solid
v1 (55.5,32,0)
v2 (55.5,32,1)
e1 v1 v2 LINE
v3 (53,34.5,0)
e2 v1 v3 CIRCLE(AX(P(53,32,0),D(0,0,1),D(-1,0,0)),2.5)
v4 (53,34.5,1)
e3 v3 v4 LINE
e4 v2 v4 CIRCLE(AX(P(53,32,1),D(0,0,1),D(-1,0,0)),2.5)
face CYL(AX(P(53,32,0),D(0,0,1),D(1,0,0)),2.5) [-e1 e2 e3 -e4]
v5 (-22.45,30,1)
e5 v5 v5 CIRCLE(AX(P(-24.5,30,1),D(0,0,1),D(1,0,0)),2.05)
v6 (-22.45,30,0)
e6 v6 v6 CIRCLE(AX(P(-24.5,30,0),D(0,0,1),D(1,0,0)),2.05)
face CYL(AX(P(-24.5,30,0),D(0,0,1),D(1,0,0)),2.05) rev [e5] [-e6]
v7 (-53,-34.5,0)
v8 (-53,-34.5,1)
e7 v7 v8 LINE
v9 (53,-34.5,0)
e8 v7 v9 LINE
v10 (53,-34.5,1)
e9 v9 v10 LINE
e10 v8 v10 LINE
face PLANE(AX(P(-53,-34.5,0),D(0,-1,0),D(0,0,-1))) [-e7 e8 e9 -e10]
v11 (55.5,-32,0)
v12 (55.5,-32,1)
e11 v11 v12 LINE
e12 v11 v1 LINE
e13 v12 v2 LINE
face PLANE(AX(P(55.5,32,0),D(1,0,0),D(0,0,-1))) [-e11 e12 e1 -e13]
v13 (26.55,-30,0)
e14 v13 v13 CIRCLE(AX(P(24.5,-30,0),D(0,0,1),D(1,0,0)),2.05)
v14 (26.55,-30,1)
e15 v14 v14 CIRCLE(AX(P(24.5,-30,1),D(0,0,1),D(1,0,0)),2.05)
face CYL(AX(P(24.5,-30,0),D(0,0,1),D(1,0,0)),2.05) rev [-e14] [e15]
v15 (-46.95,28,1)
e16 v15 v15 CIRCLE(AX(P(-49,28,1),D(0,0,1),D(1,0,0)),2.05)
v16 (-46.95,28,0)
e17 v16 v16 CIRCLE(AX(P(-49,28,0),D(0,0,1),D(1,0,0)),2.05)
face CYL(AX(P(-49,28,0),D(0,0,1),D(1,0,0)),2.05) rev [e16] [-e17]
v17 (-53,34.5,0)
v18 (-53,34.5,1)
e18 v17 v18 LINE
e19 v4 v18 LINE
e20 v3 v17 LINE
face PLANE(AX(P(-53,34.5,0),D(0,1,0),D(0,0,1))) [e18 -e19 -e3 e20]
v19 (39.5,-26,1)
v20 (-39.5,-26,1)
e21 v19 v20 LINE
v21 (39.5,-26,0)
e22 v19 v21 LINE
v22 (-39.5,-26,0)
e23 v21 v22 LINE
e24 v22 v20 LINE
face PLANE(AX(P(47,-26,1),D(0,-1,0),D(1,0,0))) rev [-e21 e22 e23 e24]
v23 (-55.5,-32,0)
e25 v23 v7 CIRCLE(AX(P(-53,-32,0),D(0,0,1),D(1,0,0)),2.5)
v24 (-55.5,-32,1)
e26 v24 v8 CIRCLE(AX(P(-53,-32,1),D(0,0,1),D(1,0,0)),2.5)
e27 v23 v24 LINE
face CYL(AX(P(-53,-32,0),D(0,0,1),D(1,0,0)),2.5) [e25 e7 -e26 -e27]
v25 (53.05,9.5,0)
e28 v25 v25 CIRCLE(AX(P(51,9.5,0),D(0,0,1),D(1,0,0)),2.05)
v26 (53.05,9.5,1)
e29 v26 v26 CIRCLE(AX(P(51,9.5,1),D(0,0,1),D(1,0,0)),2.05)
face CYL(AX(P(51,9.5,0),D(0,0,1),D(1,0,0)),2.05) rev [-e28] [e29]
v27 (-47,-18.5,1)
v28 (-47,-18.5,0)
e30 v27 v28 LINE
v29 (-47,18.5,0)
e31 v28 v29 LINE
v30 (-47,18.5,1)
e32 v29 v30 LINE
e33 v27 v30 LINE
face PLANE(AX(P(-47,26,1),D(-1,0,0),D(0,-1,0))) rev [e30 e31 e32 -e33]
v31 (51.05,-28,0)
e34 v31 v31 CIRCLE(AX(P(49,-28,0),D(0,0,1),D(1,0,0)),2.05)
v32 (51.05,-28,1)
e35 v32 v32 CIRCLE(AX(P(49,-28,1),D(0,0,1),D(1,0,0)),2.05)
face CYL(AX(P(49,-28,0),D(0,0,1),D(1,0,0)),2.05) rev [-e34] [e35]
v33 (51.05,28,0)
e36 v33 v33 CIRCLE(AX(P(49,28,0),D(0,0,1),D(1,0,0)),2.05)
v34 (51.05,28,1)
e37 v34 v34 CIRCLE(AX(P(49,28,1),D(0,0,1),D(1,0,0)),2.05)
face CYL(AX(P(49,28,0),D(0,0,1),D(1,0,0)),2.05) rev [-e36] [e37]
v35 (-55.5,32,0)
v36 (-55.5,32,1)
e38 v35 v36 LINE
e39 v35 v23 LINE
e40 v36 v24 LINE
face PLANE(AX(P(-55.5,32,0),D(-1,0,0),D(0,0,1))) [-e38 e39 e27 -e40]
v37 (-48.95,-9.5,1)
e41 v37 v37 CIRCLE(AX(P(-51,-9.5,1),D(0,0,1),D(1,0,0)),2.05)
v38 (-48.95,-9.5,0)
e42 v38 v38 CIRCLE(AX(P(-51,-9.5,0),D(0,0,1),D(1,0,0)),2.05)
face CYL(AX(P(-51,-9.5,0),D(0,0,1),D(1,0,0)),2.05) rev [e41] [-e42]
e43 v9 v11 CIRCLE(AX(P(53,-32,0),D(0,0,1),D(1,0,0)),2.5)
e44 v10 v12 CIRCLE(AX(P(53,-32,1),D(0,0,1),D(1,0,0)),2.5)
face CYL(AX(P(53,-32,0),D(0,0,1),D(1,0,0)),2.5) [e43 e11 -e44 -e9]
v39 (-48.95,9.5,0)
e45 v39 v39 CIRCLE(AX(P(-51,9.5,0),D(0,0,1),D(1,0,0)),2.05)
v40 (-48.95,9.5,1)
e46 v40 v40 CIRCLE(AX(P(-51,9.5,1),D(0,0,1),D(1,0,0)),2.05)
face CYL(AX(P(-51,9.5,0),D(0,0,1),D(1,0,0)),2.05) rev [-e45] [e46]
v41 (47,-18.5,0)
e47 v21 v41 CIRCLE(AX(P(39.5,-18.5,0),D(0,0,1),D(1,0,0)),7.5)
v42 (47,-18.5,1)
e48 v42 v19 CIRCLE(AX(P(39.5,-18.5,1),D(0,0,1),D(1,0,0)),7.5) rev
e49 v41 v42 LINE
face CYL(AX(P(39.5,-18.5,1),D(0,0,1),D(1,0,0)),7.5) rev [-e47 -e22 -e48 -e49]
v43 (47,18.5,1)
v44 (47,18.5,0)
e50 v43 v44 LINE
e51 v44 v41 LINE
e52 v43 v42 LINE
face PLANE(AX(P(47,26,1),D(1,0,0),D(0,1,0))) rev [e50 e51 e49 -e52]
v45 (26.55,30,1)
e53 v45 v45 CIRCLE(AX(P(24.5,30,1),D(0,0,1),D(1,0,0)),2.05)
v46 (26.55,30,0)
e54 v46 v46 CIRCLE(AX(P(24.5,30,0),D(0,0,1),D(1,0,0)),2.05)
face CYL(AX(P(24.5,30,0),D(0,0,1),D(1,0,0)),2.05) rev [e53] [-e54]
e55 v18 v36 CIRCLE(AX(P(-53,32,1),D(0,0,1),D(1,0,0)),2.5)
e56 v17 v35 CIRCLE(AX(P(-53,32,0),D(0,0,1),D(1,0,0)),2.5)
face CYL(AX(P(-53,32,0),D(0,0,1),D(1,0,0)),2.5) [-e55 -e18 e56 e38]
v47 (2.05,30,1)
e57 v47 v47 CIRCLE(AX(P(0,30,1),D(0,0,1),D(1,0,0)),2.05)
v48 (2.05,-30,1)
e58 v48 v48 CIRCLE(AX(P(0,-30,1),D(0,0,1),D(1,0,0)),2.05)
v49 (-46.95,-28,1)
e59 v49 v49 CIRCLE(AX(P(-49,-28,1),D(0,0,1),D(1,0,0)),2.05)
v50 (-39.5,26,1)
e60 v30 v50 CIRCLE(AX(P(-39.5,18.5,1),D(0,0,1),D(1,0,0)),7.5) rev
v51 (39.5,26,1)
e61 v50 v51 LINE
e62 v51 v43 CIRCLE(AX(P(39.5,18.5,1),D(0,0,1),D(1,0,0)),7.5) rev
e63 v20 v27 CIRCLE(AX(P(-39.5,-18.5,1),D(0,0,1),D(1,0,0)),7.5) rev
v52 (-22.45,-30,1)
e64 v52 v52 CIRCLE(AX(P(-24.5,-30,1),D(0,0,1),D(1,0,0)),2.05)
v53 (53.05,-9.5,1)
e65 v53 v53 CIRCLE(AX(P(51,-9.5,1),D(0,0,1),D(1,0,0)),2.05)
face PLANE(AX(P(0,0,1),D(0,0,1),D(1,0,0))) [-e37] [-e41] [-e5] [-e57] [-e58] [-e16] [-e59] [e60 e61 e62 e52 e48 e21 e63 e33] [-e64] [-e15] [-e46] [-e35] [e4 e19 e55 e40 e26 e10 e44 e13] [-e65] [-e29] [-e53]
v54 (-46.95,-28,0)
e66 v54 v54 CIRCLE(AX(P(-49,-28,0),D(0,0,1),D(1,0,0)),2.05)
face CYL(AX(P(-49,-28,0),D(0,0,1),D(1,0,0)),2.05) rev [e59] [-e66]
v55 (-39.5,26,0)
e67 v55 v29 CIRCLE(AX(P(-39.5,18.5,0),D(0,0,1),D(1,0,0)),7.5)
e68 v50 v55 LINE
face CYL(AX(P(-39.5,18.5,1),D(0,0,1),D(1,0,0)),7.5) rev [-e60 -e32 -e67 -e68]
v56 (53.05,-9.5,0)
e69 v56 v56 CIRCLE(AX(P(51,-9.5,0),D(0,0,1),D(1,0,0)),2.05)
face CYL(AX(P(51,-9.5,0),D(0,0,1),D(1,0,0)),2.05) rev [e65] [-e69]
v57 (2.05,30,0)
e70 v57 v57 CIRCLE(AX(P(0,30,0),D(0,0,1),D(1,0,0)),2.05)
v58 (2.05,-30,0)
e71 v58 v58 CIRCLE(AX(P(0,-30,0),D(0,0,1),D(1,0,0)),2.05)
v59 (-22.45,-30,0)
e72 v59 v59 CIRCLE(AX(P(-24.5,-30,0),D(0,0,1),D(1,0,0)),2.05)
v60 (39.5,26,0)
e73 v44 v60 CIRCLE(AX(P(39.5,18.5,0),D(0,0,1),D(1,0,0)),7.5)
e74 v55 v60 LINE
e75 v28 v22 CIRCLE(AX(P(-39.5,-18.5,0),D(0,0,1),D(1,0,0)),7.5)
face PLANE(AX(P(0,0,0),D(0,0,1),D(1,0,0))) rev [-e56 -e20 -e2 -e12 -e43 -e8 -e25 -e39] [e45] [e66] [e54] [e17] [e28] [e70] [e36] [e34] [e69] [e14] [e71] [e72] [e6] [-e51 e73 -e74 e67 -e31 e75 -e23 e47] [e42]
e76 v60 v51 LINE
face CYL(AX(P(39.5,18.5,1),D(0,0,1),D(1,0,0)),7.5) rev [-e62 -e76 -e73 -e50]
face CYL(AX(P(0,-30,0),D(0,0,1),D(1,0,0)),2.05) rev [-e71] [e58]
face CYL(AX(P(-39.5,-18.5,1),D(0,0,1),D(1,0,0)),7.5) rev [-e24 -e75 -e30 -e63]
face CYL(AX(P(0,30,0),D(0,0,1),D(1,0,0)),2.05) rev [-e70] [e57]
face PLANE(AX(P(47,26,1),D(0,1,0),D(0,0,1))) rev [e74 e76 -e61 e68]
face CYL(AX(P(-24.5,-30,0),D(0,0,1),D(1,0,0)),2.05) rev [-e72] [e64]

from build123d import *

# Parameters (mm, degrees)
SKETCH1_W           = 112
SKETCH1_H           = 70
BOSS_EXTRUDE1_DEPTH = 1
FILLET1_R           = 3
SKETCH3_W           = 94
SKETCH3_H           = 52
CUT_EXTRUDE2_DEPTH  = 67.045438904
FILLET2_R           = 7.5
CUT_EXTRUDE3_REACH  = 68.045
SKETCH4_R           = 1.6
SKETCH5_R           = 2.05
CUT_EXTRUDE4_DEPTH  = 67.045438904
SKETCH6_W           = 132
SKETCH6_H           = 90
CUT_EXTRUDE5_DEPTH  = 67.045438904


with BuildPart() as part:
    # Sketch1 → Boss-Extrude1 (new body)
    with BuildSketch(Plane.XY):
        Rectangle(SKETCH1_W, SKETCH1_H)
    extrude(amount=BOSS_EXTRUDE1_DEPTH)

    # Fillet1
    fillet1_edges = [part.edges().sort_by_distance(p)[0] for p in [
        (-56, 35, 0.5),
        (56, 35, 0.5),
        (56, -35, 0.5),
        (-56, -35, 0.5),
    ]]
    fillet(fillet1_edges, radius=FILLET1_R)

    # Sketch3 → Cut-Extrude2 (cut, through all)
    with BuildSketch(Plane(origin=(0, 0, 0), x_dir=(-1, 0, 0), z_dir=(0, 0, -1))):
        Rectangle(SKETCH3_W, SKETCH3_H)
    extrude(amount=-CUT_EXTRUDE2_DEPTH, mode=Mode.SUBTRACT)

    # Fillet2
    fillet2_edges = [part.edges().sort_by_distance(p)[0] for p in [
        (-47, 26, 0.5),
        (-47, -26, 0.5),
        (47, -26, 0.5),
        (47, 26, 0.5),
    ]]
    fillet(fillet2_edges, radius=FILLET2_R)

    # Sketch4 → Cut-Extrude3 (cut, up to next)
    with BuildSketch(Plane(origin=(0, 0, 0), x_dir=(-1, 0, 0), z_dir=(0, 0, -1)), mode=Mode.PRIVATE) as cut_extrude3_sk1:
        with Locations((49, -28)):
            Circle(SKETCH4_R)
    cut_extrude3_tool1 = extrude(cut_extrude3_sk1.sketch, amount=-CUT_EXTRUDE3_REACH, mode=Mode.PRIVATE) & part.part
    # Sketch4 → Cut-Extrude3 (cut, up to next)
    with BuildSketch(Plane(origin=(0, 0, 0), x_dir=(-1, 0, 0), z_dir=(0, 0, -1)), mode=Mode.PRIVATE) as cut_extrude3_sk2:
        with Locations((24.5, -30)):
            Circle(SKETCH4_R)
    cut_extrude3_tool2 = extrude(cut_extrude3_sk2.sketch, amount=-CUT_EXTRUDE3_REACH, mode=Mode.PRIVATE) & part.part
    # Sketch4 → Cut-Extrude3 (cut, up to next)
    with BuildSketch(Plane(origin=(0, 0, 0), x_dir=(-1, 0, 0), z_dir=(0, 0, -1)), mode=Mode.PRIVATE) as cut_extrude3_sk3:
        with Locations((0, -30)):
            Circle(SKETCH4_R)
    cut_extrude3_tool3 = extrude(cut_extrude3_sk3.sketch, amount=-CUT_EXTRUDE3_REACH, mode=Mode.PRIVATE) & part.part
    # Sketch4 → Cut-Extrude3 (cut, up to next)
    with BuildSketch(Plane(origin=(0, 0, 0), x_dir=(-1, 0, 0), z_dir=(0, 0, -1)), mode=Mode.PRIVATE) as cut_extrude3_sk4:
        with Locations((-24.5, -30)):
            Circle(SKETCH4_R)
    cut_extrude3_tool4 = extrude(cut_extrude3_sk4.sketch, amount=-CUT_EXTRUDE3_REACH, mode=Mode.PRIVATE) & part.part
    # Sketch4 → Cut-Extrude3 (cut, up to next)
    with BuildSketch(Plane(origin=(0, 0, 0), x_dir=(-1, 0, 0), z_dir=(0, 0, -1)), mode=Mode.PRIVATE) as cut_extrude3_sk5:
        with Locations((-49, -28)):
            Circle(SKETCH4_R)
    cut_extrude3_tool5 = extrude(cut_extrude3_sk5.sketch, amount=-CUT_EXTRUDE3_REACH, mode=Mode.PRIVATE) & part.part
    # Sketch4 → Cut-Extrude3 (cut, up to next)
    with BuildSketch(Plane(origin=(0, 0, 0), x_dir=(-1, 0, 0), z_dir=(0, 0, -1)), mode=Mode.PRIVATE) as cut_extrude3_sk6:
        with Locations((-51, -9.5)):
            Circle(SKETCH4_R)
    cut_extrude3_tool6 = extrude(cut_extrude3_sk6.sketch, amount=-CUT_EXTRUDE3_REACH, mode=Mode.PRIVATE) & part.part
    # Sketch4 → Cut-Extrude3 (cut, up to next)
    with BuildSketch(Plane(origin=(0, 0, 0), x_dir=(-1, 0, 0), z_dir=(0, 0, -1)), mode=Mode.PRIVATE) as cut_extrude3_sk7:
        with Locations((-51, 9.5)):
            Circle(SKETCH4_R)
    cut_extrude3_tool7 = extrude(cut_extrude3_sk7.sketch, amount=-CUT_EXTRUDE3_REACH, mode=Mode.PRIVATE) & part.part
    # Sketch4 → Cut-Extrude3 (cut, up to next)
    with BuildSketch(Plane(origin=(0, 0, 0), x_dir=(-1, 0, 0), z_dir=(0, 0, -1)), mode=Mode.PRIVATE) as cut_extrude3_sk8:
        with Locations((-49, 28)):
            Circle(SKETCH4_R)
    cut_extrude3_tool8 = extrude(cut_extrude3_sk8.sketch, amount=-CUT_EXTRUDE3_REACH, mode=Mode.PRIVATE) & part.part
    # Sketch4 → Cut-Extrude3 (cut, up to next)
    with BuildSketch(Plane(origin=(0, 0, 0), x_dir=(-1, 0, 0), z_dir=(0, 0, -1)), mode=Mode.PRIVATE) as cut_extrude3_sk9:
        with Locations((-24.5, 30)):
            Circle(SKETCH4_R)
    cut_extrude3_tool9 = extrude(cut_extrude3_sk9.sketch, amount=-CUT_EXTRUDE3_REACH, mode=Mode.PRIVATE) & part.part
    # Sketch4 → Cut-Extrude3 (cut, up to next)
    with BuildSketch(Plane(origin=(0, 0, 0), x_dir=(-1, 0, 0), z_dir=(0, 0, -1)), mode=Mode.PRIVATE) as cut_extrude3_sk10:
        with Locations((0, 30)):
            Circle(SKETCH4_R)
    cut_extrude3_tool10 = extrude(cut_extrude3_sk10.sketch, amount=-CUT_EXTRUDE3_REACH, mode=Mode.PRIVATE) & part.part
    # Sketch4 → Cut-Extrude3 (cut, up to next)
    with BuildSketch(Plane(origin=(0, 0, 0), x_dir=(-1, 0, 0), z_dir=(0, 0, -1)), mode=Mode.PRIVATE) as cut_extrude3_sk11:
        with Locations((24.5, 30)):
            Circle(SKETCH4_R)
    cut_extrude3_tool11 = extrude(cut_extrude3_sk11.sketch, amount=-CUT_EXTRUDE3_REACH, mode=Mode.PRIVATE) & part.part
    # Sketch4 → Cut-Extrude3 (cut, up to next)
    with BuildSketch(Plane(origin=(0, 0, 0), x_dir=(-1, 0, 0), z_dir=(0, 0, -1)), mode=Mode.PRIVATE) as cut_extrude3_sk12:
        with Locations((49, 28)):
            Circle(SKETCH4_R)
    cut_extrude3_tool12 = extrude(cut_extrude3_sk12.sketch, amount=-CUT_EXTRUDE3_REACH, mode=Mode.PRIVATE) & part.part
    # Sketch4 → Cut-Extrude3 (cut, up to next)
    with BuildSketch(Plane(origin=(0, 0, 0), x_dir=(-1, 0, 0), z_dir=(0, 0, -1)), mode=Mode.PRIVATE) as cut_extrude3_sk13:
        with Locations((51, 9.5)):
            Circle(SKETCH4_R)
    cut_extrude3_tool13 = extrude(cut_extrude3_sk13.sketch, amount=-CUT_EXTRUDE3_REACH, mode=Mode.PRIVATE) & part.part
    # Sketch4 → Cut-Extrude3 (cut, up to next)
    with BuildSketch(Plane(origin=(0, 0, 0), x_dir=(-1, 0, 0), z_dir=(0, 0, -1)), mode=Mode.PRIVATE) as cut_extrude3_sk14:
        with Locations((51, -9.5)):
            Circle(SKETCH4_R)
    cut_extrude3_tool14 = extrude(cut_extrude3_sk14.sketch, amount=-CUT_EXTRUDE3_REACH, mode=Mode.PRIVATE) & part.part
    add(cut_extrude3_tool1.solids().sort_by_distance((-49, -28, 0))[0], mode=Mode.SUBTRACT)
    add(cut_extrude3_tool2.solids().sort_by_distance((-24.5, -30, 0))[0], mode=Mode.SUBTRACT)
    add(cut_extrude3_tool3.solids().sort_by_distance((0, -30, 0))[0], mode=Mode.SUBTRACT)
    add(cut_extrude3_tool4.solids().sort_by_distance((24.5, -30, 0))[0], mode=Mode.SUBTRACT)
    add(cut_extrude3_tool5.solids().sort_by_distance((49, -28, 0))[0], mode=Mode.SUBTRACT)
    add(cut_extrude3_tool6.solids().sort_by_distance((51, -9.5, 0))[0], mode=Mode.SUBTRACT)
    add(cut_extrude3_tool7.solids().sort_by_distance((51, 9.5, 0))[0], mode=Mode.SUBTRACT)
    add(cut_extrude3_tool8.solids().sort_by_distance((49, 28, 0))[0], mode=Mode.SUBTRACT)
    add(cut_extrude3_tool9.solids().sort_by_distance((24.5, 30, 0))[0], mode=Mode.SUBTRACT)
    add(cut_extrude3_tool10.solids().sort_by_distance((0, 30, 0))[0], mode=Mode.SUBTRACT)
    add(cut_extrude3_tool11.solids().sort_by_distance((-24.5, 30, 0))[0], mode=Mode.SUBTRACT)
    add(cut_extrude3_tool12.solids().sort_by_distance((-49, 28, 0))[0], mode=Mode.SUBTRACT)
    add(cut_extrude3_tool13.solids().sort_by_distance((-51, 9.5, 0))[0], mode=Mode.SUBTRACT)
    add(cut_extrude3_tool14.solids().sort_by_distance((-51, -9.5, 0))[0], mode=Mode.SUBTRACT)

    # Sketch5 → Cut-Extrude4 (cut, through all)
    with BuildSketch(Plane.XY.offset(1)):
        with Locations((-49, 28)):
            Circle(SKETCH5_R)
        with Locations((-24.5, 30)):
            Circle(SKETCH5_R)
        with Locations((0, 30)):
            Circle(SKETCH5_R)
        with Locations((24.5, 30)):
            Circle(SKETCH5_R)
        with Locations((49, 28)):
            Circle(SKETCH5_R)
        with Locations((51, 9.5)):
            Circle(SKETCH5_R)
        with Locations((51, -9.5)):
            Circle(SKETCH5_R)
        with Locations((49, -28)):
            Circle(SKETCH5_R)
        with Locations((24.5, -30)):
            Circle(SKETCH5_R)
        with Locations((0, -30)):
            Circle(SKETCH5_R)
        with Locations((-24.5, -30)):
            Circle(SKETCH5_R)
        with Locations((-49, -28)):
            Circle(SKETCH5_R)
        with Locations((-51, -9.5)):
            Circle(SKETCH5_R)
        with Locations((-51, 9.5)):
            Circle(SKETCH5_R)
    extrude(amount=-CUT_EXTRUDE4_DEPTH, mode=Mode.SUBTRACT)

    # Sketch6 → Cut-Extrude5 (cut, through all)
    with BuildSketch(Plane.XY.offset(1)):
        Rectangle(SKETCH6_W, SKETCH6_H)
        with BuildLine():
            Line((-53, 34.5), (53, 34.5))
            ThreePointArc((53, 34.5), (54.767766953, 33.767766953), (55.5, 32))
            Line((55.5, 32), (55.5, -32))
            ThreePointArc((55.5, -32), (54.767766953, -33.767766953), (53, -34.5))
            Line((53, -34.5), (-53, -34.5))
            ThreePointArc((-53, -34.5), (-54.767766953, -33.767766953), (-55.5, -32))
            Line((-55.5, -32), (-55.5, 32))
            ThreePointArc((-55.5, 32), (-54.767766953, 33.767766953), (-53, 34.5))
        make_face(mode=Mode.SUBTRACT)
    extrude(amount=-CUT_EXTRUDE5_DEPTH, mode=Mode.SUBTRACT)


solid = part.part
